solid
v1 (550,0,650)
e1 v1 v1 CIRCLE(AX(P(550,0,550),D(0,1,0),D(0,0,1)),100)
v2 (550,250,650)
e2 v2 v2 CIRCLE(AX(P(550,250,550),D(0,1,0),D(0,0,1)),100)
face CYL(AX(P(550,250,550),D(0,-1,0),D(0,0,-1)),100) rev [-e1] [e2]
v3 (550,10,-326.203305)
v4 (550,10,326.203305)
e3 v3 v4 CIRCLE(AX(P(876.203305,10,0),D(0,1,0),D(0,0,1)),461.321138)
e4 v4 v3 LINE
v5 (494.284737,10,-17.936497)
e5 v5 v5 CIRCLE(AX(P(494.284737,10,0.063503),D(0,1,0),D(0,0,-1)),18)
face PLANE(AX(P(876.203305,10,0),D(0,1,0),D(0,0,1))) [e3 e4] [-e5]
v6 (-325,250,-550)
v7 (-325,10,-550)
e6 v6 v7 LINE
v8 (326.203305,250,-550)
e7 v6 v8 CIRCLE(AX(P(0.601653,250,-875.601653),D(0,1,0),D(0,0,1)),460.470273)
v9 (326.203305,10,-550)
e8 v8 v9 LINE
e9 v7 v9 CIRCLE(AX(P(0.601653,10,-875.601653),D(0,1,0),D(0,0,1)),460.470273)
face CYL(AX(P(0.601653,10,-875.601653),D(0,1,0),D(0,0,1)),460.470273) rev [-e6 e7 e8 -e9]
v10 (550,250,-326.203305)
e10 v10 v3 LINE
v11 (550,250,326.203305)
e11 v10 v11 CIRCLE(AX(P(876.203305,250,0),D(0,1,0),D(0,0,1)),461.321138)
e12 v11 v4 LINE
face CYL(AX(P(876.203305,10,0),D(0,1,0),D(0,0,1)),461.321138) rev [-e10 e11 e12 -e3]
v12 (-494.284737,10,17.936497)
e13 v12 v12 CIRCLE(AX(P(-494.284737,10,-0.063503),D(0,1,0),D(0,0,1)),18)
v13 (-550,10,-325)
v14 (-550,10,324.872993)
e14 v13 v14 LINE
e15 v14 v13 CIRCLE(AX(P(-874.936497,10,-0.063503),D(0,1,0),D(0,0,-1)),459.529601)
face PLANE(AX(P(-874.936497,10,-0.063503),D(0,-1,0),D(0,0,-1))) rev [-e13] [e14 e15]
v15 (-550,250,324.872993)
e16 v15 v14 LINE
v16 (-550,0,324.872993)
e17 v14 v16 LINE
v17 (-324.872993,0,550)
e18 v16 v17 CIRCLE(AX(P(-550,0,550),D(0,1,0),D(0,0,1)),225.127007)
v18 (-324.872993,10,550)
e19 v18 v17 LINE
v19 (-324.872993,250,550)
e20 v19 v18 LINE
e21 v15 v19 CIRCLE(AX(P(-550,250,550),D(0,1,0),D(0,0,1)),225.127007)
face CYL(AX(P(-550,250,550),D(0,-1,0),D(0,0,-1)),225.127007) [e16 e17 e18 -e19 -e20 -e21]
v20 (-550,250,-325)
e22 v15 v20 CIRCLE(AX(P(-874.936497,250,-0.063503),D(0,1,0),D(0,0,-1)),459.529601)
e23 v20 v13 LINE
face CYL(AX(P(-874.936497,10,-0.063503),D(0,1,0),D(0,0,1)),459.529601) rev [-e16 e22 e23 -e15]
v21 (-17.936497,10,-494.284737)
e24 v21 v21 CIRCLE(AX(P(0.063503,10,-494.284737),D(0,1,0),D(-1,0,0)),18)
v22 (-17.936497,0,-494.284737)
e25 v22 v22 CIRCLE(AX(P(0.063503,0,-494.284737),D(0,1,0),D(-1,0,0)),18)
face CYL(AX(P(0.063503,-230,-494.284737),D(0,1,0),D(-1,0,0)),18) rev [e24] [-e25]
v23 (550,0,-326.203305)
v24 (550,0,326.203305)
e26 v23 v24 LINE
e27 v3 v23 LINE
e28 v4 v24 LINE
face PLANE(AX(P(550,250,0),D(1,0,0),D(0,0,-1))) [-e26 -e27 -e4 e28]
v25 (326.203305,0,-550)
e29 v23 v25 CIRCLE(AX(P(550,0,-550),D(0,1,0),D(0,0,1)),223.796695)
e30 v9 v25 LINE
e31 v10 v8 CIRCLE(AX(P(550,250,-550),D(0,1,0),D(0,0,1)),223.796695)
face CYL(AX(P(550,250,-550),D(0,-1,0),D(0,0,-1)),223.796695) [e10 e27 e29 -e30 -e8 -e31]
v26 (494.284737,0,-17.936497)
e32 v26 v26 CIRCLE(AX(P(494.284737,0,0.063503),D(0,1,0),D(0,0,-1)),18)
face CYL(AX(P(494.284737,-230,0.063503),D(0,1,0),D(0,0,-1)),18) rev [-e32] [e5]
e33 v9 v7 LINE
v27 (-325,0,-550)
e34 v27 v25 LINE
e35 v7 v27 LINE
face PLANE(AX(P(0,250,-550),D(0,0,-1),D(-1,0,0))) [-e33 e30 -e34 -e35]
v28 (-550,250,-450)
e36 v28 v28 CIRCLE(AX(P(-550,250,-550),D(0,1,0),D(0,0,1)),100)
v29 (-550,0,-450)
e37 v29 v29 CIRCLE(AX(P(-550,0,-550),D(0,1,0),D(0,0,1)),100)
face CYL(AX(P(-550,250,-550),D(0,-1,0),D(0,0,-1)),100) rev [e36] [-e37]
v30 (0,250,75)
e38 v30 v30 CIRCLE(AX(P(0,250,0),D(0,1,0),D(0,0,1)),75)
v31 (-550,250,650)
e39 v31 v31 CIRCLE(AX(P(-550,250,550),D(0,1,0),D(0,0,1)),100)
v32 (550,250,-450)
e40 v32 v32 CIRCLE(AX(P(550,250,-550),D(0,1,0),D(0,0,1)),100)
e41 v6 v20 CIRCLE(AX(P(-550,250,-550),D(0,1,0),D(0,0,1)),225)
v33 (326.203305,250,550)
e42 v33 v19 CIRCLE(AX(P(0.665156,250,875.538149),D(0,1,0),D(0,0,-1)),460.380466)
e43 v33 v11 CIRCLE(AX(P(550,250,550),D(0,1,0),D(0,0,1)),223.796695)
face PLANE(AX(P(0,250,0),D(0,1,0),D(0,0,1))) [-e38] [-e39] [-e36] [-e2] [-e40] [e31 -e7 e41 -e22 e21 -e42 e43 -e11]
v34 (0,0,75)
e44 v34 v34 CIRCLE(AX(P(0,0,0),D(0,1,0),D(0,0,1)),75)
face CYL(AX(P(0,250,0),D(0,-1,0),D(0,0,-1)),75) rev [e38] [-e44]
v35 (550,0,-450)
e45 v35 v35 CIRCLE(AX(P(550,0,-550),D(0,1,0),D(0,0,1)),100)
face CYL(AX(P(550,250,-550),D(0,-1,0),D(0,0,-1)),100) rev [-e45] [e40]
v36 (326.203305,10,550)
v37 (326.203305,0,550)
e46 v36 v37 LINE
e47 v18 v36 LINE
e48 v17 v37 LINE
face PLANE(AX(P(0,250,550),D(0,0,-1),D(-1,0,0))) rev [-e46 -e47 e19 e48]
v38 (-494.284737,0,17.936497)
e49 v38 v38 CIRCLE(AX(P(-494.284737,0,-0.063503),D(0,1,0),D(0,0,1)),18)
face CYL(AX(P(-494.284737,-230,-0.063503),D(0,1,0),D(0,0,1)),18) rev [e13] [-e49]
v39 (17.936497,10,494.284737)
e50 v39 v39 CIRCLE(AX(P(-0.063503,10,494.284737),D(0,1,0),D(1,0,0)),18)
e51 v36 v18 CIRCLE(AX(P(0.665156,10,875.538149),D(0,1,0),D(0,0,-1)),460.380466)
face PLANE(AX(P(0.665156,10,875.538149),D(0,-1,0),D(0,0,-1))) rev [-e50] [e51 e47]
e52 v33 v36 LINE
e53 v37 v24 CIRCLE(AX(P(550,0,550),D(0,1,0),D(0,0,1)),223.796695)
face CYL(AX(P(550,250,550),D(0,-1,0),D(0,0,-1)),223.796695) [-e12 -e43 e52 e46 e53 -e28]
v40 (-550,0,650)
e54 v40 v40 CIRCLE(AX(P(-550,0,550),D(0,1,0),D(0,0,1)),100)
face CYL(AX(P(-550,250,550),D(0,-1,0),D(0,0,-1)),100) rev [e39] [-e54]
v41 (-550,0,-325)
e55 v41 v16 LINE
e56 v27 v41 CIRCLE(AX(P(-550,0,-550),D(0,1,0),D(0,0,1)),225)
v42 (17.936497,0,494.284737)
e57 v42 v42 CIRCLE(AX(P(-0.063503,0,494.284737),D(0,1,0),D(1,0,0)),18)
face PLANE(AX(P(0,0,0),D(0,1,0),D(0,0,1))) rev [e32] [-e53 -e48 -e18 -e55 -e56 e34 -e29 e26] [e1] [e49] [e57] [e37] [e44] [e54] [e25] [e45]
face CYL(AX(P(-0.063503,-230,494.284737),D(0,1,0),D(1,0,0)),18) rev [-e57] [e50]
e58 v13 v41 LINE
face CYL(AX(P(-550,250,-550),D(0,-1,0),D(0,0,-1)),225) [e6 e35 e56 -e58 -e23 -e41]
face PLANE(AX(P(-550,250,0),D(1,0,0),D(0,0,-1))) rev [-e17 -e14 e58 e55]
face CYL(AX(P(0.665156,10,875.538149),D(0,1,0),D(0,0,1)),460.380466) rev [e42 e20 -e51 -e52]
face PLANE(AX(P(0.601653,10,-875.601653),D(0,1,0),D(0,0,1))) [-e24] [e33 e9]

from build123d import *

# Parameters (mm, degrees)
IZIM1_R                     = 75
IZIM1_R_2                   = 100
Y_KSEKLIK_EKSTR_ZYON3_DEPTH = 250
KES_EKSTR_ZYON2_DEPTH       = 240
IZIM4_R                     = 18
KES_EKSTR_ZYON3_DEPTH       = 240
DAIRESEL_KAPLAMA1_COUNT     = 4


with BuildPart() as part:
    # Çizim1 → Yükseklik-Ekstrüzyon3 (new body)
    with BuildSketch(Plane(origin=(0, 0, 0), x_dir=(1, 0, 0), z_dir=(0, 1, 0))):
        with BuildLine():
            Line((326.203305187, 550), (-325, 550))
            ThreePointArc((-325, 550), (-709.099025767, 709.099025767), (-550, 325))
            Line((-550, 325), (-550, -324.872993427))
            ThreePointArc((-550, -324.872993427), (-709.188832976, -709.188832976), (-324.872993427, -550))
            Line((-324.872993427, -550), (326.203305187, -550))
            ThreePointArc((326.203305187, -550), (708.248160509, -708.248160509), (550, -326.203305187))
            Line((550, -326.203305187), (550, 326.203305187))
            ThreePointArc((550, 326.203305187), (708.248160509, 708.248160509), (326.203305187, 550))
        make_face()
        with Locations(Location((0, 0, 0), (0, 0, 270))):
            Circle(IZIM1_R, mode=Mode.SUBTRACT)
        with Locations(Location((-550, 550, 0), (0, 0, 270))):
            Circle(IZIM1_R_2, mode=Mode.SUBTRACT)
        with Locations(Location((-550, -550, 0), (0, 0, 270))):
            Circle(IZIM1_R_2, mode=Mode.SUBTRACT)
        with Locations(Location((550, 550, 0), (0, 0, 270))):
            Circle(IZIM1_R_2, mode=Mode.SUBTRACT)
        with Locations(Location((550, -550, 0), (0, 0, 270))):
            Circle(IZIM1_R_2, mode=Mode.SUBTRACT)
    extrude(amount=Y_KSEKLIK_EKSTR_ZYON3_DEPTH)

    # Çizim2 → Kes-Ekstrüzyon2 (cut)
    with BuildSketch(Plane(origin=(0, 250, 0), x_dir=(1, 0, 0), z_dir=(0, 1, 0))):
        with BuildLine():
            Line((-550, 325), (-550, -324.872993427))
            ThreePointArc((-550, -324.872993427), (-415.406896151, 0.063503286), (-550, 325))
        make_face()
        with BuildLine():
            Line((-324.872993427, -550), (326.203305187, -550))
            ThreePointArc((326.203305187, -550), (0.66515588, -415.157683487), (-324.872993427, -550))
        make_face()
        with BuildLine():
            Line((-325, 550), (326.203305187, 550))
            ThreePointArc((326.203305187, 550), (0.601652594, 415.131379565), (-325, 550))
        make_face()
        with BuildLine():
            Line((550, 326.203305187), (550, -326.203305187))
            ThreePointArc((550, -326.203305187), (414.882166901, 0), (550, 326.203305187))
        make_face()
    extrude(amount=-KES_EKSTR_ZYON2_DEPTH, mode=Mode.SUBTRACT)

    # Çizim4 → Kes-Ekstrüzyon3 (cut)
    with BuildSketch(Plane(origin=(0, 10, 0), x_dir=(1, 0, 0), z_dir=(0, 1, 0))):
        with Locations(Location((-494.284737224, 0.063503286, 0), (0, 0, 270))):
            Circle(IZIM4_R)
    kes_ekstr_zyon3 = extrude(amount=-KES_EKSTR_ZYON3_DEPTH, mode=Mode.SUBTRACT)

    # Dairesel Kaplama1: Kes-Ekstrüzyon3 ×4 about axis
    dairesel_kaplama1_axis = Axis((0, 0, 0), (0, 1, 0))
    for i in range(1, DAIRESEL_KAPLAMA1_COUNT):
        add(kes_ekstr_zyon3.rotate(dairesel_kaplama1_axis, i * 360 / DAIRESEL_KAPLAMA1_COUNT), mode=Mode.SUBTRACT)


solid = part.part
